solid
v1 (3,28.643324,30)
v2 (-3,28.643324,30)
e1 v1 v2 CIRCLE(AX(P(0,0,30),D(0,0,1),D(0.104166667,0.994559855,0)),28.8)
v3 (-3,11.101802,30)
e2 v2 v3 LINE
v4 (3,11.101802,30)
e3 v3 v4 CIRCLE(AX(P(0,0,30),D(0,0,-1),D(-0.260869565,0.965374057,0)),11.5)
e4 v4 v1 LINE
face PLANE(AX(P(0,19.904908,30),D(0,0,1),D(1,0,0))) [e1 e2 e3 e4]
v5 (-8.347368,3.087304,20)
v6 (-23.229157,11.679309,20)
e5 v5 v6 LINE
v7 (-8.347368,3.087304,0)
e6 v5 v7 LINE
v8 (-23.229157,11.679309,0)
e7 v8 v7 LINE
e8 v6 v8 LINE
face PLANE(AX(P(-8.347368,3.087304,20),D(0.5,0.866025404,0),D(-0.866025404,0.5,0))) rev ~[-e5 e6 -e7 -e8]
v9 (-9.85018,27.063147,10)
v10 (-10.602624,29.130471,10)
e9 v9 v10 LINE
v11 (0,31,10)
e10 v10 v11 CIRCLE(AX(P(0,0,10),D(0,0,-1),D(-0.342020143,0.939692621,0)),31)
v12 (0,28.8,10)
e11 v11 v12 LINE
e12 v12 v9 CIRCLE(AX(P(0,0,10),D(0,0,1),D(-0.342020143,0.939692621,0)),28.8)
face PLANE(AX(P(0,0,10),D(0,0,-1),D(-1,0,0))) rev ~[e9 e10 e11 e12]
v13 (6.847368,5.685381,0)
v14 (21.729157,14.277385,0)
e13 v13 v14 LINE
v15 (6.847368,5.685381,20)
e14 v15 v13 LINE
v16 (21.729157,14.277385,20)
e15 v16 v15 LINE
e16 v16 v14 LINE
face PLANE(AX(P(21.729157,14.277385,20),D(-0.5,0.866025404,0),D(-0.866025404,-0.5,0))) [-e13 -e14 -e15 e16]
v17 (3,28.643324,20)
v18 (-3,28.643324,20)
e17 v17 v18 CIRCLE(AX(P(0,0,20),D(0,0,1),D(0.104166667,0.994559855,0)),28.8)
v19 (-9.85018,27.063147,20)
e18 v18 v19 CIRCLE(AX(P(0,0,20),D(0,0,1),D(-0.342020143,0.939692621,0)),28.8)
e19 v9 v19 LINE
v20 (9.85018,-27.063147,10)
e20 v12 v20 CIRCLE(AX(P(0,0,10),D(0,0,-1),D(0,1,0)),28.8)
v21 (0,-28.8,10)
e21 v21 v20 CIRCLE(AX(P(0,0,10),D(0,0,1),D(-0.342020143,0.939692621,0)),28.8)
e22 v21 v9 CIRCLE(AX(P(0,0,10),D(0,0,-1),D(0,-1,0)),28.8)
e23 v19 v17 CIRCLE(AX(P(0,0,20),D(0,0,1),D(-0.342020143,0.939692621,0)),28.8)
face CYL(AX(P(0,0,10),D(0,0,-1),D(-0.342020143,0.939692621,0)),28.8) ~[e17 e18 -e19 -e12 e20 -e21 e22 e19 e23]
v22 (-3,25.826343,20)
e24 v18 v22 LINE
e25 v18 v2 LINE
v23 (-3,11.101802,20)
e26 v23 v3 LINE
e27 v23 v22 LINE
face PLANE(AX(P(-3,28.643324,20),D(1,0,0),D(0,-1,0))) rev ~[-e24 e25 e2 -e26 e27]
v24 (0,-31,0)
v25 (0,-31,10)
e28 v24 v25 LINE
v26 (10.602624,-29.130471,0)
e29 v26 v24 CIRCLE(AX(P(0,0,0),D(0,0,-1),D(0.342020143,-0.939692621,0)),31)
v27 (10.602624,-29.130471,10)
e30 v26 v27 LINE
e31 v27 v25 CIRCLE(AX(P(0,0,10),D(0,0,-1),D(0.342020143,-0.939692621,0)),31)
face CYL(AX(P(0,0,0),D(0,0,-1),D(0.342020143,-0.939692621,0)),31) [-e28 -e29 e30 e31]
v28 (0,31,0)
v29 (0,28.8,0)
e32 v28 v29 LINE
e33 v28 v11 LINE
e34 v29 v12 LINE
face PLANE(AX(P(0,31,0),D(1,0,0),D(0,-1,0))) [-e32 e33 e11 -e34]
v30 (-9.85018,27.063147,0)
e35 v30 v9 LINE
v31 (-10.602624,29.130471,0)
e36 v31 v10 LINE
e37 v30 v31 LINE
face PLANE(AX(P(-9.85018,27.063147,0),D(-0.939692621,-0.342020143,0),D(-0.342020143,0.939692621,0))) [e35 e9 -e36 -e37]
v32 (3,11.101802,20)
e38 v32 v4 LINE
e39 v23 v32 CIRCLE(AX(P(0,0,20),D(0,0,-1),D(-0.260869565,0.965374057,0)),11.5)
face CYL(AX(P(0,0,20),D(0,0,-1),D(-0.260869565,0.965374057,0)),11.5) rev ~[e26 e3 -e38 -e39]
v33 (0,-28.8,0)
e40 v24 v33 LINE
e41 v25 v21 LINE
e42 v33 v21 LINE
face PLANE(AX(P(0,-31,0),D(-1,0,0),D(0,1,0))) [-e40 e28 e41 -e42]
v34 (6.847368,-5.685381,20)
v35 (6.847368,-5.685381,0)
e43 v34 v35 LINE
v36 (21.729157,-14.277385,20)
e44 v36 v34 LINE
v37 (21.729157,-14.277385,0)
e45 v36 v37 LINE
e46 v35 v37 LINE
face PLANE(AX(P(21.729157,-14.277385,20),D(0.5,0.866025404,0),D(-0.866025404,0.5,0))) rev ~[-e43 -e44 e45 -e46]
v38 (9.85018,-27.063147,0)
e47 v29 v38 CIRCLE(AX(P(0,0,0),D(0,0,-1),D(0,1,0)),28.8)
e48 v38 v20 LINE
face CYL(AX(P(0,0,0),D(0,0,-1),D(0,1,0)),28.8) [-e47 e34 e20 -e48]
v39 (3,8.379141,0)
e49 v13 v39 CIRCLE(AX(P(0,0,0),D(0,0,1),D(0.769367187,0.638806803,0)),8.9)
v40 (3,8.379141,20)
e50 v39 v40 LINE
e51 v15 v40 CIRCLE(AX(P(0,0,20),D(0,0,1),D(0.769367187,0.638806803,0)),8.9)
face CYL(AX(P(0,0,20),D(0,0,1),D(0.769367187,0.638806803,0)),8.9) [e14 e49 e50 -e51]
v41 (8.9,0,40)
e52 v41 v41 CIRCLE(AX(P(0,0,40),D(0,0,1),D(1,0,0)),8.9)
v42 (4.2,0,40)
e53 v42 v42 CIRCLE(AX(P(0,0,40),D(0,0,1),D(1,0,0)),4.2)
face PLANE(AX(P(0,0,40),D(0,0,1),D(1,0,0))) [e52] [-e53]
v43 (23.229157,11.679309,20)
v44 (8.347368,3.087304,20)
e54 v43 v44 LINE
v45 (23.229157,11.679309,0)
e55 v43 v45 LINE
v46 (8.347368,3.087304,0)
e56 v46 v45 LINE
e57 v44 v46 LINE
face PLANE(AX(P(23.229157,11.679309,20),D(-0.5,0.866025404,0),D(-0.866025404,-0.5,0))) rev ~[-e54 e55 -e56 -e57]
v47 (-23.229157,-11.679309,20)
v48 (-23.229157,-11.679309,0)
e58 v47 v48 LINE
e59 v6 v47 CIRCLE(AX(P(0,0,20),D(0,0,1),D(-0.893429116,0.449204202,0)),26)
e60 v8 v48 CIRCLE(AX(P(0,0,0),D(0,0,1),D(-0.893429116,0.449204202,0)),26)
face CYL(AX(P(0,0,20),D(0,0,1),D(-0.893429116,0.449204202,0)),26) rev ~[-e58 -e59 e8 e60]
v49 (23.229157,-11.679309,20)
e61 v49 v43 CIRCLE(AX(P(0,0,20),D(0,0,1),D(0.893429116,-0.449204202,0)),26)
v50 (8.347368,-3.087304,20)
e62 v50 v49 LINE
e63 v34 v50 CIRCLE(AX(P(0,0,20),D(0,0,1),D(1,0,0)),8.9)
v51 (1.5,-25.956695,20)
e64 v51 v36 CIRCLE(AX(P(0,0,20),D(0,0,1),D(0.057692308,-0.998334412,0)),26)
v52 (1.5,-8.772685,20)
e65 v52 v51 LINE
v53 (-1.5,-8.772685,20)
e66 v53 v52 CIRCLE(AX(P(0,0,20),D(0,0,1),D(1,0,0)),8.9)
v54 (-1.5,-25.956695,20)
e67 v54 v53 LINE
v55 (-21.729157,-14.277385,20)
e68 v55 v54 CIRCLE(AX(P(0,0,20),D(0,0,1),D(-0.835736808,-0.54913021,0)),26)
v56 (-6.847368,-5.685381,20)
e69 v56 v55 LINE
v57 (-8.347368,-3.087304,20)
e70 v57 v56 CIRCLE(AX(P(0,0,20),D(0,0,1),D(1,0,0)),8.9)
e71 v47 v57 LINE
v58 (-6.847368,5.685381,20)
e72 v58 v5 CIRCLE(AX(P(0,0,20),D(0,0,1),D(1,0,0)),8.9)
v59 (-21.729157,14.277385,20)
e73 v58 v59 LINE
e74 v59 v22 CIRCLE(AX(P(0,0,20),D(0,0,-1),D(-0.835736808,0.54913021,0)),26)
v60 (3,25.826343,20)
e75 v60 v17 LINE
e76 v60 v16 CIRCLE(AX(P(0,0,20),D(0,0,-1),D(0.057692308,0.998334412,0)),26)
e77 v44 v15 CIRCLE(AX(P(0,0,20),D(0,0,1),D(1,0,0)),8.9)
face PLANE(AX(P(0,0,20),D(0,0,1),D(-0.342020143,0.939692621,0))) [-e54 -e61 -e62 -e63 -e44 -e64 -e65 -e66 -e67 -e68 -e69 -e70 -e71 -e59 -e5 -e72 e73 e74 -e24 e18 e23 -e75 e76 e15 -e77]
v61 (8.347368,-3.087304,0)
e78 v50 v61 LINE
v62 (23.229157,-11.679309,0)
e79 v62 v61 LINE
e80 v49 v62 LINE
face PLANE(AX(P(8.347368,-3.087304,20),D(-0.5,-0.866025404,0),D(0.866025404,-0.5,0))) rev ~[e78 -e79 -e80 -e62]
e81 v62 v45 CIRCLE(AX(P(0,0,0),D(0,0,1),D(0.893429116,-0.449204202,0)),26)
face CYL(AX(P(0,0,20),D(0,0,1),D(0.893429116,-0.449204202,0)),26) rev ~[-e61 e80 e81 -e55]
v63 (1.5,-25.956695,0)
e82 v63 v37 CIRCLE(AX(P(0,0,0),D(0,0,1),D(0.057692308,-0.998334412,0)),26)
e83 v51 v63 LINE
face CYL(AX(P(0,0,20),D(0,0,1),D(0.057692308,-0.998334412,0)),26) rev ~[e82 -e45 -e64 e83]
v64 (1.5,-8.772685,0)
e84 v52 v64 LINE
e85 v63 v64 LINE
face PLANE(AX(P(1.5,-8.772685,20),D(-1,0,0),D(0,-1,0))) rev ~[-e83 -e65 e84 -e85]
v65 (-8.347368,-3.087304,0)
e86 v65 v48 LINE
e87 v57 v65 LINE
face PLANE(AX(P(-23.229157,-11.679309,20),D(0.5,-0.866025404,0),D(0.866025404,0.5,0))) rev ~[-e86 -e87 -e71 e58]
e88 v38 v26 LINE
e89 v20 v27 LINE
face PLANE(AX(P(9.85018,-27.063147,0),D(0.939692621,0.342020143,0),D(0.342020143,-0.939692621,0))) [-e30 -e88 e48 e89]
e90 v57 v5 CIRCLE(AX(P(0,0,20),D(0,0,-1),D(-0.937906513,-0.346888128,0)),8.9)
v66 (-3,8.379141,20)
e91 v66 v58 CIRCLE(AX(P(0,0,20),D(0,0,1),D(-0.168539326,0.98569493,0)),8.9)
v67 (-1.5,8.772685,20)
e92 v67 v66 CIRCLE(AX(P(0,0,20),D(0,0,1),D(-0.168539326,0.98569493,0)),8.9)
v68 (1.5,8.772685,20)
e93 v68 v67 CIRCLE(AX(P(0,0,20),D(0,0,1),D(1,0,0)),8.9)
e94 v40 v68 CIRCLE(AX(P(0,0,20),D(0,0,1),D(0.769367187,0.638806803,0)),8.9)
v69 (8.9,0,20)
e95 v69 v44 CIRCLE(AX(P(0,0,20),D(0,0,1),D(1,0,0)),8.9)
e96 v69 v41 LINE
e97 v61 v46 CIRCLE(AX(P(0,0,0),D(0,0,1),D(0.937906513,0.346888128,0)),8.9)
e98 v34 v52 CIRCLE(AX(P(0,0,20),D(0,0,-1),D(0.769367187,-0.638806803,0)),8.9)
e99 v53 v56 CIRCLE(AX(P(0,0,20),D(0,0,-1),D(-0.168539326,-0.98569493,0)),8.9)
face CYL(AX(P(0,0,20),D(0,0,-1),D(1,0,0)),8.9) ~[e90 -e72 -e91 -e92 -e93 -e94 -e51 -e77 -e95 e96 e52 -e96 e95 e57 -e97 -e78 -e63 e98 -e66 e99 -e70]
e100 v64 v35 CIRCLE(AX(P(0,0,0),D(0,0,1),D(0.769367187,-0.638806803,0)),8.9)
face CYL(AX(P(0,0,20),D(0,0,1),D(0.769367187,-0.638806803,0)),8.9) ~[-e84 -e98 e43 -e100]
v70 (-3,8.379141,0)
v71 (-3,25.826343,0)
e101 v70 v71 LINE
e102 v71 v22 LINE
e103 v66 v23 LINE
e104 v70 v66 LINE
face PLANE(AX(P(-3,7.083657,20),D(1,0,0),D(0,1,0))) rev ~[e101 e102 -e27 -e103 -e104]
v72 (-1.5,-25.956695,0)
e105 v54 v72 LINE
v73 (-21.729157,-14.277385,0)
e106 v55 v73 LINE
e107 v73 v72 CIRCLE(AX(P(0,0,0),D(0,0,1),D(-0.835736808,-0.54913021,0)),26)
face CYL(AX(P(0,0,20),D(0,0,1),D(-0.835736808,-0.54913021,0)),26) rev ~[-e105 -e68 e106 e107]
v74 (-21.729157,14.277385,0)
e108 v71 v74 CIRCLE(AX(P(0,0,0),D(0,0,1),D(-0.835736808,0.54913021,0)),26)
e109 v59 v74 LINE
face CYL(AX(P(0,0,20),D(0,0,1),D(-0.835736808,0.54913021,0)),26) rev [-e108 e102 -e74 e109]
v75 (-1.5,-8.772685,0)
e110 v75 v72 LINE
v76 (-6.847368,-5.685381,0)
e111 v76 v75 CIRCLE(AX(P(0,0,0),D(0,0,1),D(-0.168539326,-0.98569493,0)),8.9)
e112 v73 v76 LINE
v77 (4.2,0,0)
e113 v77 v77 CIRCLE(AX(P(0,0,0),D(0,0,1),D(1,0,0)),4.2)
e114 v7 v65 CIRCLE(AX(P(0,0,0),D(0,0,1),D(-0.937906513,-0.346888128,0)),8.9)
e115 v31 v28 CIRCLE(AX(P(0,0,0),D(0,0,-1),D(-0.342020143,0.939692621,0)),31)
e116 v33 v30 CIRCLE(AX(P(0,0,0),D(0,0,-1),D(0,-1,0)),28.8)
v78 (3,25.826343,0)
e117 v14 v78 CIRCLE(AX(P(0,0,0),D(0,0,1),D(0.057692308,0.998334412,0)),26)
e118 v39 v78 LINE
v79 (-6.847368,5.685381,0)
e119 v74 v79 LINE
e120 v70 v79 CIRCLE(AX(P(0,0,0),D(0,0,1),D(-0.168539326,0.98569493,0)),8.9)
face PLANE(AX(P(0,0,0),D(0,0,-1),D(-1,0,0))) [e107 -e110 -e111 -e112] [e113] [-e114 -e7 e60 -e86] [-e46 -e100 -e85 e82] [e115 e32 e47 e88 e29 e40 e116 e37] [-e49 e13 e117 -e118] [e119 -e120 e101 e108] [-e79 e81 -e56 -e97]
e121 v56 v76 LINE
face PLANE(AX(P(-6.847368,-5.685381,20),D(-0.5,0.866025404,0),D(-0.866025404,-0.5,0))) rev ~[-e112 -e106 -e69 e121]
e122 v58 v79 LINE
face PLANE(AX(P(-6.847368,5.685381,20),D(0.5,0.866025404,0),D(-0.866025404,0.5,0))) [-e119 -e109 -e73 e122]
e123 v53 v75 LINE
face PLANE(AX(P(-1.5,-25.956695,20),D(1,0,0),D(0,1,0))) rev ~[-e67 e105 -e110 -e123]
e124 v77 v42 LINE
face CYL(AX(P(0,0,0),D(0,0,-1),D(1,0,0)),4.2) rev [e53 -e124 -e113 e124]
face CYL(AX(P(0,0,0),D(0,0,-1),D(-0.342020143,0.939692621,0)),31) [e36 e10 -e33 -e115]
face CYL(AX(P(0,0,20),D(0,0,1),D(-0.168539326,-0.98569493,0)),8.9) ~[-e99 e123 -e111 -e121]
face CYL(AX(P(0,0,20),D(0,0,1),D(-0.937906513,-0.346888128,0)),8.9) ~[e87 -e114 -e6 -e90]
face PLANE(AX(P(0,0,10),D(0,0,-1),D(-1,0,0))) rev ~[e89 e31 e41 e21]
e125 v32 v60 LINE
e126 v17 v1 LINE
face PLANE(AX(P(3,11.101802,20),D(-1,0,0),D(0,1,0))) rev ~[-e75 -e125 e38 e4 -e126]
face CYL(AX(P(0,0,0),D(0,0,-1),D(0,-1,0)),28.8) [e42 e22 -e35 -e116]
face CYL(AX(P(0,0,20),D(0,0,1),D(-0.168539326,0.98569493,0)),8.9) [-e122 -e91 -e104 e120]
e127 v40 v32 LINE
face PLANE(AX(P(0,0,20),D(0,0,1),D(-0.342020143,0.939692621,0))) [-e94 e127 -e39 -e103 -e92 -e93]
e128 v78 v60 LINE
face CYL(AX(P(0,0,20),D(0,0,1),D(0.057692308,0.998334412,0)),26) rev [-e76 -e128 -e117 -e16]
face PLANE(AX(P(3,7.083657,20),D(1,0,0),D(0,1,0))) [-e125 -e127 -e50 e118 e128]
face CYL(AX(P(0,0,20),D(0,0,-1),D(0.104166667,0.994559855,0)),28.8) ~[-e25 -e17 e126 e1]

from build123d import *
from build123d.topology import SkipClean

# Parameters (mm, degrees)
SKETCH_1_R          = 4.2
EXTRUDE_1_DEPTH     = 10
SKETCH_2_R          = 28.8
EXTRUDE_2_DEPTH     = 10
SKETCH_3_R          = 8.9
EXTRUDE_3_DEPTH     = 20
SKETCH_4_R          = 4.2
CUT_EXTRUDE_1_DEPTH = 59.227484919
CUT_EXTRUDE_2_DEPTH = 47.802136703
SKETCH_8_W          = 6
SKETCH_8_H          = 20.041446809
EXTRUDE_4_DEPTH     = 20
EXTRUDE_5_DEPTH     = 10


with BuildPart() as part:
    # 草图1 → 凸台-拉伸1 (new body)
    with BuildSketch(Plane.XY):
        with BuildLine():
            Line((0, 31), (0, 28.8))
            ThreePointArc((0, 28.8), (28.362463287, 5.001067517), (9.850180128, -27.063147479))
            Line((9.850180128, -27.063147479), (10.602624443, -29.130471244))
            ThreePointArc((10.602624443, -29.130471244), (5.383093508, -30.529040343), (0, -31))
            Line((0, -31), (0, -28.8))
            ThreePointArc((0, -28.8), (-28.362463287, -5.001067517), (-9.850180128, 27.063147479))
            Line((-9.850180128, 27.063147479), (-10.602624443, 29.130471244))
            ThreePointArc((-10.602624443, 29.130471244), (-5.383093508, 30.529040343), (0, 31))
        make_face()
        Circle(SKETCH_1_R, mode=Mode.SUBTRACT)
    extrude(amount=EXTRUDE_1_DEPTH)

    # 草图2 → 凸台-拉伸2 (add)
    with BuildSketch(Plane.XY.offset(10)):
        with Locations(Location((0, 0, 0), (0, 0, 110))):
            Circle(SKETCH_2_R)
    extrude(amount=EXTRUDE_2_DEPTH)

    # 草图3 → 凸台-拉伸3 (add)
    with BuildSketch(Plane.XY.offset(20)):
        Circle(SKETCH_3_R)
    extrude(amount=EXTRUDE_3_DEPTH)

    # 草图4 → 切除-拉伸1 (cut, through all)
    with BuildSketch(Plane.XY.offset(40)):
        Circle(SKETCH_4_R)
    extrude(amount=-CUT_EXTRUDE_1_DEPTH, mode=Mode.SUBTRACT)

    # 草图5 → 切除-拉伸2 (cut, through all)
    with BuildSketch(Plane.XY.offset(20)):
        with BuildLine():
            Line((21.729157013, 14.277385458), (6.847367965, 5.685380546))
            ThreePointArc((6.847367965, 5.685380546), (4.45, 7.707626094), (1.5, 8.77268488))
            Line((1.5, 8.77268488), (1.5, 25.956694705))
            ThreePointArc((1.5, 25.956694705), (13, 22.516660498), (21.729157013, 14.277385458))
        make_face()
        with BuildLine():
            Line((-1.5, 25.956694705), (-1.5, 8.77268488))
            ThreePointArc((-1.5, 8.77268488), (-4.45, 7.707626094), (-6.847367965, 5.685380546))
            Line((-6.847367965, 5.685380546), (-21.729157013, 14.277385458))
            ThreePointArc((-21.729157013, 14.277385458), (-13, 22.516660498), (-1.5, 25.956694705))
        make_face()
        with BuildLine():
            Line((23.229157013, 11.679309247), (8.347367965, 3.087304334))
            ThreePointArc((8.347367965, 3.087304334), (8.9, 0), (8.347367965, -3.087304334))
            Line((8.347367965, -3.087304334), (23.229157013, -11.679309247))
            ThreePointArc((23.229157013, -11.679309247), (26, 0), (23.229157013, 11.679309247))
        make_face()
        with BuildLine():
            Line((21.729157013, -14.277385458), (6.847367965, -5.685380546))
            ThreePointArc((6.847367965, -5.685380546), (4.45, -7.707626094), (1.5, -8.77268488))
            Line((1.5, -8.77268488), (1.5, -25.956694705))
            ThreePointArc((1.5, -25.956694705), (13, -22.516660498), (21.729157013, -14.277385458))
        make_face()
        with BuildLine():
            Line((-1.5, -25.956694705), (-1.5, -8.77268488))
            ThreePointArc((-1.5, -8.77268488), (-4.45, -7.707626094), (-6.847367965, -5.685380546))
            Line((-6.847367965, -5.685380546), (-21.729157013, -14.277385458))
            ThreePointArc((-21.729157013, -14.277385458), (-13, -22.516660498), (-1.5, -25.956694705))
        make_face()
        with BuildLine():
            Line((-23.229157013, -11.679309247), (-8.347367965, -3.087304334))
            ThreePointArc((-8.347367965, -3.087304334), (-8.9, 0), (-8.347367965, 3.087304334))
            Line((-8.347367965, 3.087304334), (-23.229157013, 11.679309247))
            ThreePointArc((-23.229157013, 11.679309247), (-26, 0), (-23.229157013, -11.679309247))
        make_face()
    extrude(amount=-CUT_EXTRUDE_2_DEPTH, mode=Mode.SUBTRACT)

    # 草图8 → 凸台-拉伸4 (add)
    with BuildSketch(Plane.XY.offset(20)):
        with Locations((0, 17.104380285)):
            Rectangle(SKETCH_8_W, SKETCH_8_H)
    extrude(amount=-EXTRUDE_4_DEPTH)

    # 草图9 → 凸台-拉伸5 (add)
    with SkipClean():  # the faces are left unmerged after this step: merging them gives an invalid solid
        with BuildSketch(Plane.XY.offset(20)):
            with BuildLine():
                Line((-3, 28.643323829), (-3, 11.101801656))
                ThreePointArc((-3, 11.101801656), (0, 11.5), (3, 11.101801656))
                Line((3, 11.101801656), (3, 28.643323829))
                ThreePointArc((3, 28.643323829), (0, 28.8), (-3, 28.643323829))
            make_face()
        extrude(amount=EXTRUDE_5_DEPTH)


solid = part.part
